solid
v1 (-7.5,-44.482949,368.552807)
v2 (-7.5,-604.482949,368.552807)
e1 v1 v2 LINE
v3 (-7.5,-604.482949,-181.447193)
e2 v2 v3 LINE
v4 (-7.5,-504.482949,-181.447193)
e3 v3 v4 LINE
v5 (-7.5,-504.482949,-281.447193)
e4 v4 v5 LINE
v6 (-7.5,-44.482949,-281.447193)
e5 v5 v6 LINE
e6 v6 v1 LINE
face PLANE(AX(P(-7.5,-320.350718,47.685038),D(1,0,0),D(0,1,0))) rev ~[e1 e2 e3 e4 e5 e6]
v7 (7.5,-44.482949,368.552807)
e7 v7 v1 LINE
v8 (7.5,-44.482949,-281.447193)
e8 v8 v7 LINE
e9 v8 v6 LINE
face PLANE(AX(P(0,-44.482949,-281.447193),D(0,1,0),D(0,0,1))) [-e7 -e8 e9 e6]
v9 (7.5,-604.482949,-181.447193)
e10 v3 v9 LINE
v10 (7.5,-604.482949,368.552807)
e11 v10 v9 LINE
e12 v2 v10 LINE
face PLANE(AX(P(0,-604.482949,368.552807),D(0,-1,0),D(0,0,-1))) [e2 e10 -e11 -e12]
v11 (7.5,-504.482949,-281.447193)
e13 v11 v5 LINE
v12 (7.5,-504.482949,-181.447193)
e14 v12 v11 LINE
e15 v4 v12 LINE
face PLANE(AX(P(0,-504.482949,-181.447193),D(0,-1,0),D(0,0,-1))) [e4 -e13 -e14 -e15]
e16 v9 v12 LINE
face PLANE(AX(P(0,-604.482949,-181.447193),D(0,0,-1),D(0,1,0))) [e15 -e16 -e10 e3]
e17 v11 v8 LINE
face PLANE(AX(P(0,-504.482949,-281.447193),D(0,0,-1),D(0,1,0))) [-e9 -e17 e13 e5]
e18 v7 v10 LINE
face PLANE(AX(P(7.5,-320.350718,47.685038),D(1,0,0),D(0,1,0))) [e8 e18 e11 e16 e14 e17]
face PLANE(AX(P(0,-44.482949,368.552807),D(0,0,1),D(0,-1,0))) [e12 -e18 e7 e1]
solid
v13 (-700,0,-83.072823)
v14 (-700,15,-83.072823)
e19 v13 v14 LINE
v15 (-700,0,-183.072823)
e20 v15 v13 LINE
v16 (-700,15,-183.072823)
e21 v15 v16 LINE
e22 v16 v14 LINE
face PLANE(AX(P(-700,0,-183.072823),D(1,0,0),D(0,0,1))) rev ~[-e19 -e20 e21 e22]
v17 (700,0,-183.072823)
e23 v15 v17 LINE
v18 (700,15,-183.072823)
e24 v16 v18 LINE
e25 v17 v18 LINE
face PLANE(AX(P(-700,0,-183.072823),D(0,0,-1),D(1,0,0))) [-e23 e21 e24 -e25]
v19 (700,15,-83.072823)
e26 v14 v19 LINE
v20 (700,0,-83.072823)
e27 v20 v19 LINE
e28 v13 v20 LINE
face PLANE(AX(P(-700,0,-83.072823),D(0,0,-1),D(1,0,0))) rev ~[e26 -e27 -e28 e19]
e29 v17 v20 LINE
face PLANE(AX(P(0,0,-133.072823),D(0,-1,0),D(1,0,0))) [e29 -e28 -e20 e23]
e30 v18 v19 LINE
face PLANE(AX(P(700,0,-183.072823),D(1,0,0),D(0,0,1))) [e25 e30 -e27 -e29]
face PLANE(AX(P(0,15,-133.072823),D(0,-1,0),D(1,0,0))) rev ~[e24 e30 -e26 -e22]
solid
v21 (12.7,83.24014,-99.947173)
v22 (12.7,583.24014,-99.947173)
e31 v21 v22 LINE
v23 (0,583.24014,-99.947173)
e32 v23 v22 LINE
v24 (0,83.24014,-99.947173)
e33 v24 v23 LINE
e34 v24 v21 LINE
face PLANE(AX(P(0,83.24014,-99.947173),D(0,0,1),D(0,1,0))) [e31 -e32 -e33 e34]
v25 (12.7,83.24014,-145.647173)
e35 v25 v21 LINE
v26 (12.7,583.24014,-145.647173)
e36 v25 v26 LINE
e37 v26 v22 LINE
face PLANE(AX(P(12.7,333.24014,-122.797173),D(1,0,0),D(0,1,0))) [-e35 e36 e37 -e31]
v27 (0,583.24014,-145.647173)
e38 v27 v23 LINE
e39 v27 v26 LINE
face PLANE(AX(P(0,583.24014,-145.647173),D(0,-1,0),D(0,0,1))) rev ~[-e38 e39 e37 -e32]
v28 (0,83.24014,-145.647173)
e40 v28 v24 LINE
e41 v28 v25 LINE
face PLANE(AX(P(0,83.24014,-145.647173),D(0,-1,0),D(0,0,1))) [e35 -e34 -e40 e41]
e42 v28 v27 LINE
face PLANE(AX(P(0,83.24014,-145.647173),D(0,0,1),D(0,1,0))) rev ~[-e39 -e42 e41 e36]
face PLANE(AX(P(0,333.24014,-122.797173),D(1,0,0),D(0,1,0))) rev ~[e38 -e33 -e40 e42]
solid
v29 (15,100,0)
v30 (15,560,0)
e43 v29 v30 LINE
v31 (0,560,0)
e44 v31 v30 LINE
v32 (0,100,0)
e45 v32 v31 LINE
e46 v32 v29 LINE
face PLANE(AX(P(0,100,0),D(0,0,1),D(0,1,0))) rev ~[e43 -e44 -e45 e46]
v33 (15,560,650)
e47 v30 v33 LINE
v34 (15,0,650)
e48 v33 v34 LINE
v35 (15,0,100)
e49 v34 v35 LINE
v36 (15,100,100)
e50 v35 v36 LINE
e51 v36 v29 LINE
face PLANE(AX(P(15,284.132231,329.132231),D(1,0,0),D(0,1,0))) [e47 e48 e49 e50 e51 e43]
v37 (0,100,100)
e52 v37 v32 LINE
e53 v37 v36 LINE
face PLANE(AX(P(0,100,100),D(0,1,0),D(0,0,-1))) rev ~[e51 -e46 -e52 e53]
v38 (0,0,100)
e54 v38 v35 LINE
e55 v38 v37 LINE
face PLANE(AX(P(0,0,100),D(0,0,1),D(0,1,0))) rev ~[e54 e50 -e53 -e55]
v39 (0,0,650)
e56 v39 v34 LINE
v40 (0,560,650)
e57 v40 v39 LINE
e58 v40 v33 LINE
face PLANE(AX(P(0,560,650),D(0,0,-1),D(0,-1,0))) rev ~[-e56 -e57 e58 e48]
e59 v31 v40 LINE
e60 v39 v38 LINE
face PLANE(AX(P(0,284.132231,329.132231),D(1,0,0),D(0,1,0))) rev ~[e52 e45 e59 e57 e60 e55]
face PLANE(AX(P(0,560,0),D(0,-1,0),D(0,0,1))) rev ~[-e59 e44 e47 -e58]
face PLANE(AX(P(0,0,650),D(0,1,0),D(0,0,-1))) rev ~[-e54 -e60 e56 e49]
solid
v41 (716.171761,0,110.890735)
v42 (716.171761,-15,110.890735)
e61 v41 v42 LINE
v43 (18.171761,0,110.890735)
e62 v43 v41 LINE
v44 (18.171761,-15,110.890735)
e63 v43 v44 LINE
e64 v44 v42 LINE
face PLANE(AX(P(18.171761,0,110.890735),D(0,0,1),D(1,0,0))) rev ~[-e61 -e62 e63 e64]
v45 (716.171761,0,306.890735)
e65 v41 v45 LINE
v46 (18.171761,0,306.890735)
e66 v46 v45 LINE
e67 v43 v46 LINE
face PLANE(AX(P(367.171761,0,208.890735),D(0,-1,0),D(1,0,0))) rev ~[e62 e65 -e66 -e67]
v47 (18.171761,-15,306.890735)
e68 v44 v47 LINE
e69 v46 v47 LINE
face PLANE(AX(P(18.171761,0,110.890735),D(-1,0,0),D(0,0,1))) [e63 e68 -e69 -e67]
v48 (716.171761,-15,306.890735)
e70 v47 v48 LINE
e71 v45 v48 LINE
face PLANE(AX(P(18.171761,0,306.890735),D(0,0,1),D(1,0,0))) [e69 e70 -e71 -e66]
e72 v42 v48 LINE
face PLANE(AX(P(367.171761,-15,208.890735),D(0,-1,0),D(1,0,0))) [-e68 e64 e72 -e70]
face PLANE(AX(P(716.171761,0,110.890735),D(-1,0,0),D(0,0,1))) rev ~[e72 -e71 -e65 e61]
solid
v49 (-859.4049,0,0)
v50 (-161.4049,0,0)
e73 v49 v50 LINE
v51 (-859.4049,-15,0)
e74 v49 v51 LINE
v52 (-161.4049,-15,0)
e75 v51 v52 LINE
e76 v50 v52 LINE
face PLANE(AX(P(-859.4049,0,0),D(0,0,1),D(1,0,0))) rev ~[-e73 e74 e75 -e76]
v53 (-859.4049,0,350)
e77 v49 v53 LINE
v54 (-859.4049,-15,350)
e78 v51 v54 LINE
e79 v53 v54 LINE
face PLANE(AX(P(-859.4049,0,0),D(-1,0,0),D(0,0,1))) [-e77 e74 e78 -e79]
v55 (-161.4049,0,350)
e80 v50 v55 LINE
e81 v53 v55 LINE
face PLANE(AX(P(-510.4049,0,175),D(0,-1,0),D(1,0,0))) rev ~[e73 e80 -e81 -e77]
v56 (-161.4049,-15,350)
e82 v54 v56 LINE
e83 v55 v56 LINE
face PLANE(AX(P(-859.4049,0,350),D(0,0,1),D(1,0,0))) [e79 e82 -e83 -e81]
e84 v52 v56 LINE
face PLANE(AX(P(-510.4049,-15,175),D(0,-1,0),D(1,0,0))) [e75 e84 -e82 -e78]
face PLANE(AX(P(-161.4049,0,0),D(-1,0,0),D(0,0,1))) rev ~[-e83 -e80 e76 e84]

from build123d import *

# Parameters (mm, degrees)
F1_DEPTH  = 15
F2_W      = 1400
F2_H      = 100
F3_DEPTH  = 15
F5_DEPTH  = 7.5
F6_W      = 698
F6_H      = 350
F7_DEPTH  = 15
F8_W      = 698
F8_H      = 196
F9_DEPTH  = 15
F10_W     = 500
F10_H     = 45.7
F11_DEPTH = 12.7


with BuildPart() as f1:
    # F0 (on Right) → F1 (new body)
    with BuildSketch(Plane.YZ):
        Polygon((560, 650), (0, 650), (0, 100), (100, 100), (100, 0), (560, 0), align=None)
    extrude(amount=F1_DEPTH)


with BuildPart() as f3:
    # F2 (on Front) → F3 (new body)
    with BuildSketch(Plane.XZ):
        with Locations((0, -133.072823)):
            Rectangle(F2_W, F2_H)
    extrude(amount=-F3_DEPTH)


with BuildPart() as f5:
    # F4 (on Right) → F5 (new body, symmetric)
    with BuildSketch(Plane.YZ):
        Polygon((-44.482949, 368.552807), (-604.482949, 368.552807), (-604.482949, -181.447193), (-504.482949, -181.447193), (-504.482949, -281.447193), (-44.482949, -281.447193), align=None)
    extrude(amount=F5_DEPTH, both=True)


with BuildPart() as f7:
    # F6 (on Front) → F7 (new body)
    with BuildSketch(Plane.XZ):
        with Locations((-510.4049, 175)):
            Rectangle(F6_W, F6_H)
    extrude(amount=F7_DEPTH)


with BuildPart() as f9:
    # F8 (on Front) → F9 (new body)
    with BuildSketch(Plane.XZ):
        with Locations((367.171761, 208.890735)):
            Rectangle(F8_W, F8_H)
    extrude(amount=F9_DEPTH)


with BuildPart() as f11:
    # F10 (on Right) → F11 (new body)
    with BuildSketch(Plane.YZ):
        with Locations((333.24014, -122.797173)):
            Rectangle(F10_W, F10_H)
    extrude(amount=F11_DEPTH)


solid = Compound([f1.part, f3.part, f5.part, f7.part, f9.part, f11.part])
